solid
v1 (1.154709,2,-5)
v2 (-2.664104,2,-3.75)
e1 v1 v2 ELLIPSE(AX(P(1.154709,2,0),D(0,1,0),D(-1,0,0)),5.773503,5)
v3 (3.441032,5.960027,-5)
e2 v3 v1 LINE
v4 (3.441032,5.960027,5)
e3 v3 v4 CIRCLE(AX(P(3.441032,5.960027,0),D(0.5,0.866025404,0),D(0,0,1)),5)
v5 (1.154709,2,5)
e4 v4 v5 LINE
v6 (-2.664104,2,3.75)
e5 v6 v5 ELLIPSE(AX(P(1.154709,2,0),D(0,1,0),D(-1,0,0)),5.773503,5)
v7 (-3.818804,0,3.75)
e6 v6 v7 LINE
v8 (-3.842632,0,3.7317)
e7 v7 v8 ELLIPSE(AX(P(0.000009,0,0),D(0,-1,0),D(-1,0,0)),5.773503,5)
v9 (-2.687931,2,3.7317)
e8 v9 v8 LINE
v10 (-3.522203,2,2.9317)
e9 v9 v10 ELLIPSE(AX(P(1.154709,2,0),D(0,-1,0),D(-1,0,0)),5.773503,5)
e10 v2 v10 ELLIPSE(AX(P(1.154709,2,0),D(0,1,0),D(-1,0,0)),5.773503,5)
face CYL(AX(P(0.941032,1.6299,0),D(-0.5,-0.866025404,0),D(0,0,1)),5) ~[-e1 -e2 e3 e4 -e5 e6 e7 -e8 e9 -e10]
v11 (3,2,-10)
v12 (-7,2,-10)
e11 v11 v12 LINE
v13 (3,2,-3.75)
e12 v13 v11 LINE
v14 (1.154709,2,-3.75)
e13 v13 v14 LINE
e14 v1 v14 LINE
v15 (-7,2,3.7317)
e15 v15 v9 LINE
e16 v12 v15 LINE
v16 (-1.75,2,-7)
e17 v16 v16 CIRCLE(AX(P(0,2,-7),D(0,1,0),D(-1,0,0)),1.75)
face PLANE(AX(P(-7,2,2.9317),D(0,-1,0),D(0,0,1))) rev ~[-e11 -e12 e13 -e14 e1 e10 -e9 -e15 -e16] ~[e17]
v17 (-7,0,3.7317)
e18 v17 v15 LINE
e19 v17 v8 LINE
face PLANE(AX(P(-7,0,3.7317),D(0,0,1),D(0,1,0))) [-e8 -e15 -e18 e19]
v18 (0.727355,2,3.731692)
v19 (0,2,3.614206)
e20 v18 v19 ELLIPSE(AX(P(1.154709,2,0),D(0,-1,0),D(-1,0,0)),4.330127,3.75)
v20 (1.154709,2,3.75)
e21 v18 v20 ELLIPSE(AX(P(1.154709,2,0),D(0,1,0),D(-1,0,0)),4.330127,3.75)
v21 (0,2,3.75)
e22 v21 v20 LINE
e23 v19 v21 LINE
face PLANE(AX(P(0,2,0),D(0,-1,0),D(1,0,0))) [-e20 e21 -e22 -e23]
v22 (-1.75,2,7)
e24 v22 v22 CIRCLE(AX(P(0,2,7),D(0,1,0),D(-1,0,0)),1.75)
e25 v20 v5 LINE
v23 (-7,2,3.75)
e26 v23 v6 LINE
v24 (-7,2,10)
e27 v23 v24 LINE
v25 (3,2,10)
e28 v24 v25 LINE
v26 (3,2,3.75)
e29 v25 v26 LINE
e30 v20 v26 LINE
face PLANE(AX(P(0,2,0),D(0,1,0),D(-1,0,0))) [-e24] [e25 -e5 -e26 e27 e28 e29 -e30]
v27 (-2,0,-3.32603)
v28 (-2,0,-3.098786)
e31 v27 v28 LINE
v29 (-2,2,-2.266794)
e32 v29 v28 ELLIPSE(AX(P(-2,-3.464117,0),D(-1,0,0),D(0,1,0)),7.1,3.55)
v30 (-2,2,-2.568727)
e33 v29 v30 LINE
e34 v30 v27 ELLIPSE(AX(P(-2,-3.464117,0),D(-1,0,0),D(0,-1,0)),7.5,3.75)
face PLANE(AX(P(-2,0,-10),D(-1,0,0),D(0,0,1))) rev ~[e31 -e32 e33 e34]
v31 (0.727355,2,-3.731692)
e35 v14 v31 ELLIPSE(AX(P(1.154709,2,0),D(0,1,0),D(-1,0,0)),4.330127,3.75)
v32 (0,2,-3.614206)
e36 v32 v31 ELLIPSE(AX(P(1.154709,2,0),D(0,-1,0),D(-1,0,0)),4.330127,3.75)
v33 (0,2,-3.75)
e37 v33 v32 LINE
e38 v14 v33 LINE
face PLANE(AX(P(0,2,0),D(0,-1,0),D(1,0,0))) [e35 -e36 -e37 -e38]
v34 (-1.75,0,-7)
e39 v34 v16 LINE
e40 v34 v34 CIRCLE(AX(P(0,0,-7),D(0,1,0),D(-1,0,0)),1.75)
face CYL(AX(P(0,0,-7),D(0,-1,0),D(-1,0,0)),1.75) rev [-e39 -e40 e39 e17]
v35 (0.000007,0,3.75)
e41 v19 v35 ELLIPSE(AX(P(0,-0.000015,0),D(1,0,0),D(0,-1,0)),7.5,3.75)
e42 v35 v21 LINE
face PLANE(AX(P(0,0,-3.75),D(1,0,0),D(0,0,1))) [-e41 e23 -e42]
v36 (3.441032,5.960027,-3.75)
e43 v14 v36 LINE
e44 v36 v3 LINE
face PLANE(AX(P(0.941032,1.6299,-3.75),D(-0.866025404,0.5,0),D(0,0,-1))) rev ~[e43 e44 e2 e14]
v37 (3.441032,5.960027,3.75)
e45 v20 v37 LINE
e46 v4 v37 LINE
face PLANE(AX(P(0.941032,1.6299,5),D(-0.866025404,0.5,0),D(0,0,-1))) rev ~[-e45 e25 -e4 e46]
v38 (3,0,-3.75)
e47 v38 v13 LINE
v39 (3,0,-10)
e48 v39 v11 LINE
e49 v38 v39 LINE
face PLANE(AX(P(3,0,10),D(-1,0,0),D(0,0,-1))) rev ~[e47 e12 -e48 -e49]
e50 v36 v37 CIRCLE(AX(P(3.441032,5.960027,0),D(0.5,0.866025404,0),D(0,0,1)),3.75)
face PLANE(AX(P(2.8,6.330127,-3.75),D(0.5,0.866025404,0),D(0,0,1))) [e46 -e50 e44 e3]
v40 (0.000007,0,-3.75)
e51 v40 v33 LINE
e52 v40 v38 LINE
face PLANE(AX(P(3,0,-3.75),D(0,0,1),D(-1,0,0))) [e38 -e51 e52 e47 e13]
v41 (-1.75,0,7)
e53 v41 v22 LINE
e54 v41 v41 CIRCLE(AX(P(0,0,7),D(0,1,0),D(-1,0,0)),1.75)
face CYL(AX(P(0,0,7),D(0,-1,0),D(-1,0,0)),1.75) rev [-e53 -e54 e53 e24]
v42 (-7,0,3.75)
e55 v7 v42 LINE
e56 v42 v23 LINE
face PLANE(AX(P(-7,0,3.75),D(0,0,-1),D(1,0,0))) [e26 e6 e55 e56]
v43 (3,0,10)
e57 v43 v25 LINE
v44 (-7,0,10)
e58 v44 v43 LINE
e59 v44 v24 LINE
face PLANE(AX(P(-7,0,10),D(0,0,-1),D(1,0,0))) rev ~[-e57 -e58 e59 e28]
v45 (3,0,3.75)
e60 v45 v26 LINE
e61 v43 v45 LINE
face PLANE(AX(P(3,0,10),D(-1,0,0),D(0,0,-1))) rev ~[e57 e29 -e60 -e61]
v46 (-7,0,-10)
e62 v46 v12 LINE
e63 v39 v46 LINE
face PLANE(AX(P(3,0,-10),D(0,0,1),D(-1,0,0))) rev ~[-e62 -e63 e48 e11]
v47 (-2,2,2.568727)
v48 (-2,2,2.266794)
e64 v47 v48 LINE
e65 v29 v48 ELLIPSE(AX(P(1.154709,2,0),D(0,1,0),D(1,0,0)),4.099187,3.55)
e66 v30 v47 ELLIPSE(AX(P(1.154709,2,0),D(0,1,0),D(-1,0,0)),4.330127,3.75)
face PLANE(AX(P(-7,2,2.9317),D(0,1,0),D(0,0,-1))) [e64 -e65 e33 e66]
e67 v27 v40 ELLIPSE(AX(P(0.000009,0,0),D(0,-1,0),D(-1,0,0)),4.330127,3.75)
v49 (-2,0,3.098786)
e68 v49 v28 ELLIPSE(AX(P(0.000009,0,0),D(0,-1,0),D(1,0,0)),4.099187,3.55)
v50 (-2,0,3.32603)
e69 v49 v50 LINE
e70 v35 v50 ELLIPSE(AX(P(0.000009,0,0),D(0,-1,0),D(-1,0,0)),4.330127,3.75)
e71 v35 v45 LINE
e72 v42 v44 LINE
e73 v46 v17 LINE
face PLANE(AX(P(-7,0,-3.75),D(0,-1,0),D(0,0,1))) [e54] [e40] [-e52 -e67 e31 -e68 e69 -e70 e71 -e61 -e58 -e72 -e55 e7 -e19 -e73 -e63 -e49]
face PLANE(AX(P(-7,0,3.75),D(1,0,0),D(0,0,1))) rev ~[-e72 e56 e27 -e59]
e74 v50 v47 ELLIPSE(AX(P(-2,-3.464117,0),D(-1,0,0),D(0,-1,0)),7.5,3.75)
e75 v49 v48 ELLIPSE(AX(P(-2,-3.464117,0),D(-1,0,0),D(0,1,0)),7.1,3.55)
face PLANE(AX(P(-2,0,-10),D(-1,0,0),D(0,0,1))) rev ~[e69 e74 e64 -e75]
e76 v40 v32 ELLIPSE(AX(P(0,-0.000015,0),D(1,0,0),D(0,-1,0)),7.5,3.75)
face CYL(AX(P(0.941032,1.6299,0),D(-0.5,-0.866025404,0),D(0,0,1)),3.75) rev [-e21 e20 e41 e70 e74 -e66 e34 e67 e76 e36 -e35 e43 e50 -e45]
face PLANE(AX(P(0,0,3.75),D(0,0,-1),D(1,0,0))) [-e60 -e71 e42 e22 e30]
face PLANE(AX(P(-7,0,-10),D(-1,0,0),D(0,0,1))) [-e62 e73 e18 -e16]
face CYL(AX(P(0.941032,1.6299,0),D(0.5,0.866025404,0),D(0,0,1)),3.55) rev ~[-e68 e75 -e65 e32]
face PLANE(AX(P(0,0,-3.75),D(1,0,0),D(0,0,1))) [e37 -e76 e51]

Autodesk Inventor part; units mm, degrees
ref_plane "YZ Plane" through (0, 0, 0) normal (1, 0, 0) x (0, 1, 0)
ref_plane "XZ Plane" through (0, 0, 0) normal (0, 1, 0) x (-1, 0, 0)
ref_plane "XY Plane" through (0, 0, 0) normal (0, 0, 1) x (1, 0, 0)
sketch "Sketch1" plane through (0, 0, 0) normal (0, 1, 0) x (-1, 0, 0)
  circle A0 centre (0, 7) radius 1.75
  circle A1 centre (0, -7) radius 1.75
  line L0 (7, 10) -> (-3, 10)
  line L1 (-3, 10) -> (-3, -10)
  line L2 (-3, -10) -> (7, -10)
  line L3 (7, -10) -> (7, 10)
  line L4 (7, 3.75) -> (-0.3, 3.75)
  line L5 (-0.3, 3.75) -> (-0.3, -3.75)
  line L6 (-0.3, -3.75) -> (7, -3.75)
  line L7 (7, -3.75) -> (7, 3.75)
  point P0 (0, 0)
  dimension "d0" = 3.5
  dimension "d1" = 3.5
  dimension "d2" = 0
  dimension "d3" = 0
  dimension "d4" = 14
  dimension "d5" = 7
  dimension "d6" = 3
  dimension "d7" = 3
  dimension "d8" = 3
  dimension "d9" = 10
  dimension "d10" = 7.5
  dimension "d11" = 3.75
  dimension "d12" = 0.3
extrude "Extrusion1" add sketch "Sketch1" along normal blind 2 contours L3 L4 L5 L6 L2 L1 L0
ref_plane "Work Plane1" through (0.3, 2, -3.75) normal (0.5, 0.866, 0) x (0, 0, 1)
sketch "Sketch2" plane through (0.3, 2, -3.75) normal (0.5, 0.866, 0) x (0, 0, 1)
  line L0 (0, 0) -> (7.5, 0) projected
  circle A0 centre (3.75, 0) radius 3.75
  point P0 (3.75, 0.7402)
  dimension "d16" = 7.5
extrude "Extrusion2" cut sketch "Sketch2" along normal through all both and the other way through all
sketch "Sketch3" plane through (0.3, 2, -3.75) normal (0.5, 0.866, 0) x (0, 0, 1)
  circle A0 centre (3.75, 0.7402) radius 3.75
  circle A1 centre (3.75, 0.7402) radius 5
  line L0 (8.75, 0.7402) -> (-1.25, 0.7402)
  point P0 (7.5, 0.7402)
  point P1 (0, 0.7402)
  dimension "d19" = 7.5
  dimension "d20" = 10
extrude "Extrusion3" add sketch "Sketch3" along normal mid plane 10 contours L0 A1 A0 picked at (8.2486, 0.0422)
sketch "Sketch4" plane through (-7, 0, -10) normal (-1, 0, 0) x (0, 0, 1)
  line L0 (6.25, 0) -> (5, 0) projected
  line L1 (12.9317, 2) -> (13.7317, 2) projected
  line L2 (6.25, 0) -> (13.7317, 0)
  line L3 (13.7317, 0) -> (13.7317, 2)
  line L4 (13.7317, 2) -> (6.25, 2)
  line L5 (6.25, 2) -> (6.25, 0)
  point P0 (10, 0)
  point P1 (12.9317, 2)
extrude "Extrusion4" add sketch "Sketch4" against normal blind 5
sketch "Sketch5" plane through (-7, 0, 10) normal (0, 0, 1) x (1, 0, 0)
  line L0 (0, 0) -> (0, 2) projected
  line L1 (0, 0) -> (10, 0)
  line L2 (10, 0) -> (10, -5)
  line L3 (10, -5) -> (0, -5)
  line L4 (0, -5) -> (0, 0)
  point P0 (7, 0)
  dimension "d25" = 10
  dimension "d26" = 5
extrude "Extrusion5" cut sketch "Sketch5" against normal through all
sketch "Sketch6" plane through (0.3, 2, -3.75) normal (0.5, 0.866, 0) x (0, 0, 1)
  circle A0 centre (3.75, 0.7402) radius 3.55
  dimension "d29" = 7.1
extrude "Extrusion6" cut sketch "Sketch6" against normal through all
sketch "Sketch7" plane through (0, 0, 0) normal (0, -1, 0) x (1, 0, 0)
  ellipse E0 centre (0, 0) end of major axis (-4.3301, 0) minor radius 3.75 (0, 3.75) -> (0, -3.75) ccw projected
  line L0 (3, -2.9317) -> (3, -10) projected
  line L1 (0, 3.75) -> (3, 3.75)
  line L2 (3, 3.75) -> (3, -3.75)
  line L3 (3, -3.75) -> (0, -3.75)
  line L4 (0, -3.75) -> (0, 3.75)
  point P0 (0, 0)
  dimension "d32" = 7.5
extrude "Extrusion7" cut sketch "Sketch7" against normal up to surface (2 mm away) contours L1 L2 L0 L3 L4
equation "\"d11\" = 0.5 * d10"
properties part number "Front Bracket"
